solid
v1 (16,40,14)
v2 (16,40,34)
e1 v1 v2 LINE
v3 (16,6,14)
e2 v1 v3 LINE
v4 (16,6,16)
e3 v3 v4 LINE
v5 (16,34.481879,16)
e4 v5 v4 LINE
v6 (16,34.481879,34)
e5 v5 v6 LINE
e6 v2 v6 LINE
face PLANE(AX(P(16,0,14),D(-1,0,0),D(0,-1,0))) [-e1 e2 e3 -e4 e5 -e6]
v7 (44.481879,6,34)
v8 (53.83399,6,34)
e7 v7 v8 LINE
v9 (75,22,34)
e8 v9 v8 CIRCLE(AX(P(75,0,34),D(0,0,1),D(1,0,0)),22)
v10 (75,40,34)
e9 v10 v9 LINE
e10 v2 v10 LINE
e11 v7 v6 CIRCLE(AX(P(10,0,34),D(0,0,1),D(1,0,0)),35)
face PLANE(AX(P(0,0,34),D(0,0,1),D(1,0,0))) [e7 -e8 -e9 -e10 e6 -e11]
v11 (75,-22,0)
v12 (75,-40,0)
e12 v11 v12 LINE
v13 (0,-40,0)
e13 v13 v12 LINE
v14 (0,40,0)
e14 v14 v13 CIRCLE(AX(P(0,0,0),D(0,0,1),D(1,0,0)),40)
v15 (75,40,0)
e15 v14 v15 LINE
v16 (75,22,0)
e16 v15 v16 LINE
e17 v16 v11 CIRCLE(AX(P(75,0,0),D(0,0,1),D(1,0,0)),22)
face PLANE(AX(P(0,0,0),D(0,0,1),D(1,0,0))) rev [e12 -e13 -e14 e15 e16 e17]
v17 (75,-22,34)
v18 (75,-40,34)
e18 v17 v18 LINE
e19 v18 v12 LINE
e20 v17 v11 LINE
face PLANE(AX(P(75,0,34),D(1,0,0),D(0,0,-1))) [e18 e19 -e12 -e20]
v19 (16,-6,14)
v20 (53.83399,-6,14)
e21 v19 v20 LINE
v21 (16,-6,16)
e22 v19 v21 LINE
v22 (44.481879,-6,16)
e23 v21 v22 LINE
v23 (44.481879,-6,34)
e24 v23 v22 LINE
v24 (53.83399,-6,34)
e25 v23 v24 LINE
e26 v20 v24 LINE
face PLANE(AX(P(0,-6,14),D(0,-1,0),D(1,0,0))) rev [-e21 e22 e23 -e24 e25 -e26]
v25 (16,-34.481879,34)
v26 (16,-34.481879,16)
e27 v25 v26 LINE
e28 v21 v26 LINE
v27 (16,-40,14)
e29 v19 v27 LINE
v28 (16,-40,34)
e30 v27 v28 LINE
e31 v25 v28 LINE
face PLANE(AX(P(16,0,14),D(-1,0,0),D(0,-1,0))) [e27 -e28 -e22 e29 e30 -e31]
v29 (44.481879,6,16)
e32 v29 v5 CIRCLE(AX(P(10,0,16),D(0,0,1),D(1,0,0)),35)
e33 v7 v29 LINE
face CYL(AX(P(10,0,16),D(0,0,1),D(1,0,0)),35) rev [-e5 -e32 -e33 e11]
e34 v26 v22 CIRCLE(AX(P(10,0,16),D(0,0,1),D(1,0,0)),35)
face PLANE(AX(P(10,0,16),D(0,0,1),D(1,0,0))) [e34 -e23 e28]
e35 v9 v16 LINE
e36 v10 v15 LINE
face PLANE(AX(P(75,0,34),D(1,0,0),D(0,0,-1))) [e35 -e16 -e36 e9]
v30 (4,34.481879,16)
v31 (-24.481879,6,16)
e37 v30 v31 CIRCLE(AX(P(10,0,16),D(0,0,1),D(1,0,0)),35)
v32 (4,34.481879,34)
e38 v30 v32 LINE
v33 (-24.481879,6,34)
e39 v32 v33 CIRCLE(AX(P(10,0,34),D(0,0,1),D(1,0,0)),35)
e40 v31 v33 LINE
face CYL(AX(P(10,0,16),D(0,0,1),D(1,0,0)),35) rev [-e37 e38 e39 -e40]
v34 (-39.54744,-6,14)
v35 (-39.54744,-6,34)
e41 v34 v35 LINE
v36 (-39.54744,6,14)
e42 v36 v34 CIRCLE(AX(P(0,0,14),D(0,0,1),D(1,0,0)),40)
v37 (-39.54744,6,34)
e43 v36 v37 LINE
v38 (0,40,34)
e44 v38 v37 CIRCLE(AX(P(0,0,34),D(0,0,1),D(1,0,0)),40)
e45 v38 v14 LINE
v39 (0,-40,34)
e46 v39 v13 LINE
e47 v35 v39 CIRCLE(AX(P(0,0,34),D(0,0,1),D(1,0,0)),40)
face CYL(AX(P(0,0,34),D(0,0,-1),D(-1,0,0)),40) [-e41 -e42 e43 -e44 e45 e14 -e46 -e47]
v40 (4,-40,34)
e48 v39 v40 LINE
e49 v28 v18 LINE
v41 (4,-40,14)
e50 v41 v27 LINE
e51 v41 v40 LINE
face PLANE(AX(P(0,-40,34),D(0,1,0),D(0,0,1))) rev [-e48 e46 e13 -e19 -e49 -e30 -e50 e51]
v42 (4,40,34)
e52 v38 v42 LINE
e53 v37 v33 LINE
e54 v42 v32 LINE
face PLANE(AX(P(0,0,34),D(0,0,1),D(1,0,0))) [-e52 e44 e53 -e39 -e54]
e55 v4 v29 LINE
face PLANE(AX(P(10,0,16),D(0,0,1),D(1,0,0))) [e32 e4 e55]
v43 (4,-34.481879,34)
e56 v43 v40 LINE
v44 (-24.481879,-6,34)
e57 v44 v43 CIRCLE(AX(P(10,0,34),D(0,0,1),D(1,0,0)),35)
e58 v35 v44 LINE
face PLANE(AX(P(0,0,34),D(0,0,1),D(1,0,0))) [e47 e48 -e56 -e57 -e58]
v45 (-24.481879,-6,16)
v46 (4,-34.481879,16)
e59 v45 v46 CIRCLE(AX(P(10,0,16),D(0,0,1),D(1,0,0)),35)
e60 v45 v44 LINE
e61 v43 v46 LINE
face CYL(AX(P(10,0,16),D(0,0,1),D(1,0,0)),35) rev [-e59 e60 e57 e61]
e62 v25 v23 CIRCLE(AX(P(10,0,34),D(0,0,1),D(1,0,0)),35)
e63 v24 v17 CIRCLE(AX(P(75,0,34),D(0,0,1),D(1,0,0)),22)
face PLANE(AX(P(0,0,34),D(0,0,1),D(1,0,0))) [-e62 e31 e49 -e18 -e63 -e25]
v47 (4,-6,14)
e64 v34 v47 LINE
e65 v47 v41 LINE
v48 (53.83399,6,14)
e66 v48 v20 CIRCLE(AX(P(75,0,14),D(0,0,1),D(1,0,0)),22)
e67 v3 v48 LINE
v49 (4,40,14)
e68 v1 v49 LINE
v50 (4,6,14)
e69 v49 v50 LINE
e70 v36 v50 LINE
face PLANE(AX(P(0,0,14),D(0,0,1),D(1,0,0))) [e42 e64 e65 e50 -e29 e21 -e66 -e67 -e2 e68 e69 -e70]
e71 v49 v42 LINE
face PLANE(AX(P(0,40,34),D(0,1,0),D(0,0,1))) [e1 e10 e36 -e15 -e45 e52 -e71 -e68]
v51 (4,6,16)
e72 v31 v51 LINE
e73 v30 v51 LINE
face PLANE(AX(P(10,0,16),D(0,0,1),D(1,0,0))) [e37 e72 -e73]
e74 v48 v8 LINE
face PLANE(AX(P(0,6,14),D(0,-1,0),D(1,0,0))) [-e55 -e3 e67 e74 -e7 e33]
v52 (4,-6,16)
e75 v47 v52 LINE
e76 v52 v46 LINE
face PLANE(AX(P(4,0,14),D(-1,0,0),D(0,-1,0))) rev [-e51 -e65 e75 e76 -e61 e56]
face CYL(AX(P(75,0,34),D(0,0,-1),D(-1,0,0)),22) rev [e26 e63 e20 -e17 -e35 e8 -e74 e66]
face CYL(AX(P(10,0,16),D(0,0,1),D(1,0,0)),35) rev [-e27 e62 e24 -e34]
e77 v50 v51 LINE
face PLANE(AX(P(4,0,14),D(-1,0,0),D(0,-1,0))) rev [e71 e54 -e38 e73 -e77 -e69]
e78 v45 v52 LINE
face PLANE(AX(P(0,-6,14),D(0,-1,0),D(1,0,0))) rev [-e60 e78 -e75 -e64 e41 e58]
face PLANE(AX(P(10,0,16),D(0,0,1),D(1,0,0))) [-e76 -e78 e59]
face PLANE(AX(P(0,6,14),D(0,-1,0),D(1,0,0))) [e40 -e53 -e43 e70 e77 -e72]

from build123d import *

# Parameters (mm, degrees)
BOSS_EXTRUDE1_DEPTH = 34
SKETCH3_R           = 35
CUT_EXTRUDE1_DEPTH  = 18
CUT_EXTRUDE2_DEPTH  = 20


with BuildPart() as part:
    # Sketch1 → Boss-Extrude1 (new body)
    with BuildSketch(Plane.XY):
        with BuildLine():
            Line((75, 40), (0, 40))
            ThreePointArc((0, 40), (-40, 0), (0, -40))
            Line((0, -40), (75, -40))
            Line((75, -40), (75, -22))
            ThreePointArc((75, -22), (53, 0), (75, 22))
            Line((75, 22), (75, 40))
        make_face()
    extrude(amount=BOSS_EXTRUDE1_DEPTH)

    # Sketch3 → Cut-Extrude1 (cut)
    with BuildSketch(Plane.XY.offset(34)):
        with Locations((10, 0)):
            Circle(SKETCH3_R)
    extrude(amount=-CUT_EXTRUDE1_DEPTH, mode=Mode.SUBTRACT)

    # Sketch4 → Cut-Extrude2 (cut)
    with BuildSketch(Plane.XY.offset(34)):
        with BuildLine():
            ThreePointArc((53.833989511, -6), (53, 0), (53.833989511, 6))
            Line((53.833989511, 6), (44.481879299, 6))
            Line((44.481879299, 6), (16, 6))
            Line((16, 6), (16, 34.481879299))
            Line((16, 34.481879299), (16, 40))
            Line((16, 40), (4, 40))
            Line((4, 40), (4, 34.481879299))
            Line((4, 34.481879299), (4, 6))
            Line((4, 6), (-24.481879299, 6))
            Line((-24.481879299, 6), (-39.547439867, 6))
            ThreePointArc((-39.547439867, 6), (-40, 0), (-39.547439867, -6))
            Line((-39.547439867, -6), (-24.481879299, -6))
            Line((-24.481879299, -6), (4, -6))
            Line((4, -6), (4, -34.481879299))
            Line((4, -34.481879299), (4, -40))
            Line((4, -40), (16, -40))
            Line((16, -40), (16, -34.481879299))
            Line((16, -34.481879299), (16, -6))
            Line((16, -6), (44.481879299, -6))
            Line((44.481879299, -6), (53.833989511, -6))
        make_face()
    extrude(amount=-CUT_EXTRUDE2_DEPTH, mode=Mode.SUBTRACT)


solid = part.part
